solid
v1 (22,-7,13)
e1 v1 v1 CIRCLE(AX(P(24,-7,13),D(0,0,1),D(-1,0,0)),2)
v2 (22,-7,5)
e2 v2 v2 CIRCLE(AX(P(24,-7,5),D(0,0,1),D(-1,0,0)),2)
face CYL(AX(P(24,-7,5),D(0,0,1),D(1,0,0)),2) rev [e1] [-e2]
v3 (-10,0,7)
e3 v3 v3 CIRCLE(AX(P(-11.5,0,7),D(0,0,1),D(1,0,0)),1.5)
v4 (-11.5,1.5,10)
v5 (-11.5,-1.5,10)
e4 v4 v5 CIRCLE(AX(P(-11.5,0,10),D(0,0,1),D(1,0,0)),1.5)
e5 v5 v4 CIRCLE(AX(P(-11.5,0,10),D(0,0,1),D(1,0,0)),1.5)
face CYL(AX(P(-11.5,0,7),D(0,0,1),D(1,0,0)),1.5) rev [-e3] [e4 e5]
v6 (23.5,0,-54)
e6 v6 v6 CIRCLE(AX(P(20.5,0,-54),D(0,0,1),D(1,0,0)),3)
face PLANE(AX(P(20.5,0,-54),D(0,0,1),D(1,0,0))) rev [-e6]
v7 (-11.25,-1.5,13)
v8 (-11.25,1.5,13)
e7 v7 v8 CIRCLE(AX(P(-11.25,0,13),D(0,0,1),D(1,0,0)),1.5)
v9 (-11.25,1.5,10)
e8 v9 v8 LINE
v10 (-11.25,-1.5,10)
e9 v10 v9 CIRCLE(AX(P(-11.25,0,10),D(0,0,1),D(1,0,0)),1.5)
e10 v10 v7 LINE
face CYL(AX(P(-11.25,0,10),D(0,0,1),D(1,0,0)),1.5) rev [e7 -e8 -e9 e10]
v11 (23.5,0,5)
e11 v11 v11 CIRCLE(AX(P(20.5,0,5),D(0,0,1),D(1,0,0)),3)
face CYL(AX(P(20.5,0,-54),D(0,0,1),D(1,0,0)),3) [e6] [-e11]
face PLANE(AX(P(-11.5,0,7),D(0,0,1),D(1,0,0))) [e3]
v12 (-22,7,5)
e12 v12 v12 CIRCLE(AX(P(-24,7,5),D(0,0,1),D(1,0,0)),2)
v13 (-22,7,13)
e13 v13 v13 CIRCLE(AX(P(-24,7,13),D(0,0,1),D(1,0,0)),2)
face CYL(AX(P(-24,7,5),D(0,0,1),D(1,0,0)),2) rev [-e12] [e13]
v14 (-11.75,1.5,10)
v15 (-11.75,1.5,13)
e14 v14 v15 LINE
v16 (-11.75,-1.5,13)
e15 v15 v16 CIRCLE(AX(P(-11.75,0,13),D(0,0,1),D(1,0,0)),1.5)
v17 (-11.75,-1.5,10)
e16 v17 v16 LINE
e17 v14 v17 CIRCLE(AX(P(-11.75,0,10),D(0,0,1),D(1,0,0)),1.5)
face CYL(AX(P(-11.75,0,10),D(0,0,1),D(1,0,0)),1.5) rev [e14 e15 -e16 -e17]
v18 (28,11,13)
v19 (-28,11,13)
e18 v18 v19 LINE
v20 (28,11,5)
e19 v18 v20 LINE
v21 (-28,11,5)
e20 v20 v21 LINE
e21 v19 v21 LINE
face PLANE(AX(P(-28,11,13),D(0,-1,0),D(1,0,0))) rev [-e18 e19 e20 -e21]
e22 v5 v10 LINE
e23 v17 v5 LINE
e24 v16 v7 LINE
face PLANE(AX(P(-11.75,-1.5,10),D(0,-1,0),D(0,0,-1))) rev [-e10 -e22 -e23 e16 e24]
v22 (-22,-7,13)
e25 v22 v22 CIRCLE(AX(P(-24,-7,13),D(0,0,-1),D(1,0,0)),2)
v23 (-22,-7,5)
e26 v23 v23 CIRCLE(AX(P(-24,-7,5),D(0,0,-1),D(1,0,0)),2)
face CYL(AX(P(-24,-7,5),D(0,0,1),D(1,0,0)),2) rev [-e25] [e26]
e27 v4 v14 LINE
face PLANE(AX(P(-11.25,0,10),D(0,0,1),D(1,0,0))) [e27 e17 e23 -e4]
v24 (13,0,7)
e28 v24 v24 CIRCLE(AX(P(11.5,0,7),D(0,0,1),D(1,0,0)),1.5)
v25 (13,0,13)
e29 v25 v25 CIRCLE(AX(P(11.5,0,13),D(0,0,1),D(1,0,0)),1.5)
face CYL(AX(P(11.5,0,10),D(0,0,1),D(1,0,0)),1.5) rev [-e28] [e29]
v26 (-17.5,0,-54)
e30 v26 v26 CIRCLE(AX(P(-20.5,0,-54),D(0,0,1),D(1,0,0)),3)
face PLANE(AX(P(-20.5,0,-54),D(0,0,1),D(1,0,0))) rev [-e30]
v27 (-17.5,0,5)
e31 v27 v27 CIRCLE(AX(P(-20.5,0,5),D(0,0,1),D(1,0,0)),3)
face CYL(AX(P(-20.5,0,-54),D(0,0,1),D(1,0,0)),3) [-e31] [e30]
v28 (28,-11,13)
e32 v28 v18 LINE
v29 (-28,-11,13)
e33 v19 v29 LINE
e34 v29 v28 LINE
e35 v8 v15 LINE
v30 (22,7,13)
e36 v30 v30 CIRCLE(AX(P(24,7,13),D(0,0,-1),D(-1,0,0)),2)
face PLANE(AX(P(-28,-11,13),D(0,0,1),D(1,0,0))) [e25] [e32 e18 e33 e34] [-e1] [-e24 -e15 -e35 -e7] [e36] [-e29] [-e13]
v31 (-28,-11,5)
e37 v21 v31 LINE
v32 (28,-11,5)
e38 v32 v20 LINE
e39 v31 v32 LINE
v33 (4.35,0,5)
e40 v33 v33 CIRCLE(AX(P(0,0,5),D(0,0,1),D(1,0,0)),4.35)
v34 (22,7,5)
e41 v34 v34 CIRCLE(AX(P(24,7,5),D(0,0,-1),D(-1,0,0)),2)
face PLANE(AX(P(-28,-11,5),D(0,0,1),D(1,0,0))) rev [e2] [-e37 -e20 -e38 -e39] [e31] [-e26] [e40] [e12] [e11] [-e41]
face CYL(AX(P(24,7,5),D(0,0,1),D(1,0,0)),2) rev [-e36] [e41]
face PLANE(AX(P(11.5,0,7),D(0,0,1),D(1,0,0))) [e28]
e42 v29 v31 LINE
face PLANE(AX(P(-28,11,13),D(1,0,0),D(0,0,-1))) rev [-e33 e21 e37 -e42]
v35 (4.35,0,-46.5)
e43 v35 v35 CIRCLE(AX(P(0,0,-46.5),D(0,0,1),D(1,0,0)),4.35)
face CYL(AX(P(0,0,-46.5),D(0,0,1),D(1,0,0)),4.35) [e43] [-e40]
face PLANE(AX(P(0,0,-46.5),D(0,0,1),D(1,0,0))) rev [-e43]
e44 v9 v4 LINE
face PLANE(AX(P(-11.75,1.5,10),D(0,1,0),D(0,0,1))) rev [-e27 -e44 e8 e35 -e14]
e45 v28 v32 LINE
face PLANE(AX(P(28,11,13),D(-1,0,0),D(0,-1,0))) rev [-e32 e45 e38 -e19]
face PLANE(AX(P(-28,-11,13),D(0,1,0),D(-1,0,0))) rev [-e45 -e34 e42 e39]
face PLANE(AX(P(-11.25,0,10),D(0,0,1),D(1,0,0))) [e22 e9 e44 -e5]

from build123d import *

# Parameters (mm, degrees)
SKETCH_4_R               = 3
EXTRUDE_1_DEPTH          = 54
CUT_EXTRUDE_1_DEPTH      = 63.657800791
SKETCH_6_R               = 4
CUT_EXTRUDE_2_DEPTH      = 4.5
SKETCH_7_R               = 2.25
CUT_EXTRUDE_3_DEPTH      = 21.5
EXTRUDE_2_DEPTH          = 54
SKETCH_9_R               = 2.5
CUT_EXTRUDE_4_DEPTH      = 5
SKETCH_10_R              = 2.5
CUT_EXTRUDE_5_DEPTH      = 5
SKETCH_11_R              = 4.35
CUT_EXTRUDE_6_DEPTH      = 46.5
SKETCH_12_R              = 1.5
CUT_EXTRUDE_7_DEPTH      = 3
SKETCH_13_R              = 1.5
EXTRUDE_4_DEPTH          = 3
SKETCH_14_R              = 1.5
CUT_EXTRUDE_8_DEPTH      = 6
CUT_EXTRUDE_9_DEPTH      = 3
EXTRUDE_START            = 5
SKETCH_16_W              = 56
SKETCH_16_H              = 22
EXTRUDE_5_DEPTH          = 8
SKETCH_18_R              = 3
EXTRUDE_6_DEPTH          = 67
SKETCH_19_R              = 4.35
EXTRUDE_7_DEPTH          = 59.5
SKETCH_20_R              = 2
CUT_EXTRUDE_10_DEPTH     = 8
MIRROR_4_COPY_1_SKETCH_R = 2
MIRROR_4_COPY_1_DEPTH    = 8
CUT_EXTRUDE_START        = -3
SKETCH_21_R              = 1.5
CUT_EXTRUDE_11_DEPTH     = 3
SKETCH_22_R              = 1.5
CUT_EXTRUDE_12_DEPTH     = 3


with BuildPart() as part:
    # 草图4 → 凸台-拉伸1 (new body)
    with BuildSketch(Plane.XY):
        Polygon((-14.75, -7), (-16.25, -7), (-16.25, -6.5), (-20.75, -6.5), (-20.75, -7), (-22.25, -7), (-22.25, -11), (-20.75, -11), (-20.75, -13), (-29, -13), (-29, 13), (-23, 13), (-20.6, 10.6), (-19.1, 10.6), (-16.7, 13), (0, 13), (0, -13), (-16.25, -13), (-16.25, -11), (-14.75, -11), align=None)
        with Locations((-20.5, 0)):
            Circle(SKETCH_4_R, mode=Mode.SUBTRACT)
    extrude(amount=-EXTRUDE_1_DEPTH)

    # 草图5 → 切除-拉伸1 (cut, through all)
    with BuildSketch(Plane.XY):
        Polygon((-5.5, -12), (-4.5, -12), (-4.5, -13), (-2.25, -13), (-2.25, -12), (-1.25, -12), (-1.25, -10), (-5.5, -10), align=None)
    cut_extrude_1 = extrude(amount=-CUT_EXTRUDE_1_DEPTH, mode=Mode.SUBTRACT)

    # 镜向1: 切除-拉伸1 across plane
    add(cut_extrude_1.mirror(Plane.ZX), mode=Mode.SUBTRACT)

    # 草图6 → 切除-拉伸2 (cut)
    with BuildSketch(Plane(origin=(0, 13, 0), x_dir=(-1, 0, 0), z_dir=(0, 1, 0))):
        with Locations(Location((11.5, -25, 0), (0, 0, 90))):
            Circle(SKETCH_6_R)
        with Locations(Location((11.5, -5, 0), (0, 0, 90))):
            Circle(SKETCH_6_R)
    extrude(amount=-CUT_EXTRUDE_2_DEPTH, mode=Mode.SUBTRACT)

    # 草图7 → 切除-拉伸3 (cut)
    with BuildSketch(Plane(origin=(0, 8.5, 0), x_dir=(1, 0, 0), z_dir=(0, 1, 0))):
        with Locations(Location((-11.5, 25, 0), (0, 0, 270))):
            Circle(SKETCH_7_R)
        with Locations(Location((-11.5, 5, 0), (0, 0, 270))):
            Circle(SKETCH_7_R)
    extrude(amount=-CUT_EXTRUDE_3_DEPTH, mode=Mode.SUBTRACT)

    # 镜向2: part across plane


with BuildPart() as part_1:
    add(part.part)
    add(part.part.mirror(Plane(origin=(0, 0, 0), x_dir=(0, 0, 1), z_dir=(1, 0, 0))))

    # 草图8 → 凸台-拉伸2 (add)
    with BuildSketch(Plane.XY):
        Polygon((16.7, 13), (23, 13), (20.6, 10.6), (19.1, 10.6), align=None)
    extrude(amount=-EXTRUDE_2_DEPTH)

    # 草图9 → 切除-拉伸4 (cut)
    with BuildSketch(Plane(origin=(0, 13, 0), x_dir=(1, 0, 0), z_dir=(0, 1, 0))):
        with Locations(Location((18, 46.5, 0), (0, 0, 270))):
            Circle(SKETCH_9_R)
        with Locations(Location((18, 11, 0), (0, 0, 270))):
            Circle(SKETCH_9_R)
    extrude(amount=-CUT_EXTRUDE_4_DEPTH, mode=Mode.SUBTRACT)

    # 草图10 → 切除-拉伸5 (cut)
    with BuildSketch(Plane(origin=(29, 0, 0), x_dir=(0, 0, -1), z_dir=(1, 0, 0))):
        with Locations((11, 8)):
            Circle(SKETCH_10_R)
        with Locations((38.5, 8)):
            Circle(SKETCH_10_R)
    extrude(amount=-CUT_EXTRUDE_5_DEPTH, mode=Mode.SUBTRACT)

    # 草图11 → 切除-拉伸6 (cut)
    with BuildSketch(Plane.XY):
        Circle(SKETCH_11_R)
    extrude(amount=-CUT_EXTRUDE_6_DEPTH, mode=Mode.SUBTRACT)

    # 草图12 → 切除-拉伸7 (cut)
    with BuildSketch(Plane(origin=(0, 0, -54), x_dir=(-1, 0, 0), z_dir=(0, 0, -1))):
        with Locations((-11.5, 0)):
            Circle(SKETCH_12_R)
        with BuildLine():
            Line((11.75, 1.5), (11.25, 1.5))
            ThreePointArc((11.25, 1.5), (9.75, 0), (11.25, -1.5))
            Line((11.25, -1.5), (11.75, -1.5))
            ThreePointArc((11.75, -1.5), (13.25, 0), (11.75, 1.5))
        make_face()
    extrude(amount=-CUT_EXTRUDE_7_DEPTH, mode=Mode.SUBTRACT)

    # 草图13 → 凸台-拉伸4 (add)
    with BuildSketch(Plane(origin=(0, 0, -51), x_dir=(-1, 0, 0), z_dir=(0, 0, -1))):
        with Locations((11.5, 0)):
            Circle(SKETCH_13_R)
        with Locations((-11.5, 0)):
            Circle(SKETCH_13_R)
    extrude(amount=-EXTRUDE_4_DEPTH)

    # 草图14 → 切除-拉伸8 (cut)
    with BuildSketch(Plane.XZ.offset(13)):
        with Locations(Location((-11.5, -15, 0), (0, 0, 270))):
            Circle(SKETCH_14_R)
        with Locations(Location((11.5, -15, 0), (0, 0, 270))):
            Circle(SKETCH_14_R)
    extrude(amount=-CUT_EXTRUDE_8_DEPTH, mode=Mode.SUBTRACT)

    # 草图15 → 切除-拉伸9 (cut)
    with BuildSketch(Plane.XZ.offset(13)):
        with BuildLine():
            Line((-11.75, -13.5), (-11.25, -13.5))
            ThreePointArc((-11.25, -13.5), (-9.75, -15), (-11.25, -16.5))
            Line((-11.25, -16.5), (-11.75, -16.5))
            ThreePointArc((-11.75, -16.5), (-13.25, -15), (-11.75, -13.5))
        make_face()
    extrude(amount=-CUT_EXTRUDE_9_DEPTH, mode=Mode.SUBTRACT)


with BuildPart() as body_2:
    # 草图16 → 凸台-拉伸5 (new body)
    with BuildSketch(Plane.XY.offset(EXTRUDE_START)):
        Rectangle(SKETCH_16_W, SKETCH_16_H)
    extrude(amount=EXTRUDE_5_DEPTH)

    # 草图18 → 凸台-拉伸6 (add)
    with BuildSketch(Plane.XY.offset(13)):
        with Locations((20.5, 0)):
            Circle(SKETCH_18_R)
        with Locations((-20.5, 0)):
            Circle(SKETCH_18_R)
    extrude(amount=-EXTRUDE_6_DEPTH)

    # 草图19 → 凸台-拉伸7 (add)
    with BuildSketch(Plane.XY.offset(13)):
        Circle(SKETCH_19_R)
    extrude(amount=-EXTRUDE_7_DEPTH)

    # 草图20 → 切除-拉伸10 (cut)
    with BuildSketch(Plane.XY.offset(13)):
        with Locations((-24, 7)):
            Circle(SKETCH_20_R)
    cut_extrude_10 = extrude(amount=-CUT_EXTRUDE_10_DEPTH, mode=Mode.SUBTRACT)

    # 镜向3: 切除-拉伸10 across plane
    add(cut_extrude_10.mirror(Plane.ZX), mode=Mode.SUBTRACT)

    # 镜向4: 切除-拉伸10 across plane
    add(cut_extrude_10.mirror(Plane(origin=(0, 0, 0), x_dir=(0, 0, 1), z_dir=(1, 0, 0))), mode=Mode.SUBTRACT)

    # 镜向4 copy 1 sketch → 镜向4 copy 1 (cut)
    with BuildSketch(Plane(origin=(0, 0, 13), x_dir=(-1, 0, 0), z_dir=(0, 0, 1))):
        with Locations((-24, 7)):
            Circle(MIRROR_4_COPY_1_SKETCH_R)
    extrude(amount=-MIRROR_4_COPY_1_DEPTH, mode=Mode.SUBTRACT)

    # 草图21 → 切除-拉伸11 (cut)
    with BuildSketch(Plane.XY.offset(13).offset(CUT_EXTRUDE_START)):
        with Locations((11.5, 0)):
            Circle(SKETCH_21_R)
        with BuildLine():
            Line((-11.75, 1.5), (-11.25, 1.5))
            ThreePointArc((-11.25, 1.5), (-9.75, 0), (-11.25, -1.5))
            Line((-11.25, -1.5), (-11.75, -1.5))
            ThreePointArc((-11.75, -1.5), (-13.25, 0), (-11.75, 1.5))
        make_face()
    extrude(amount=CUT_EXTRUDE_11_DEPTH, mode=Mode.SUBTRACT)

    # 草图22 → 切除-拉伸12 (cut)
    with BuildSketch(Plane.XY.offset(10).offset(CUT_EXTRUDE_START)):
        with Locations((-11.5, 0)):
            Circle(SKETCH_22_R)
        with Locations((11.5, 0)):
            Circle(SKETCH_22_R)
    extrude(amount=CUT_EXTRUDE_12_DEPTH, mode=Mode.SUBTRACT)


solid = body_2.part
